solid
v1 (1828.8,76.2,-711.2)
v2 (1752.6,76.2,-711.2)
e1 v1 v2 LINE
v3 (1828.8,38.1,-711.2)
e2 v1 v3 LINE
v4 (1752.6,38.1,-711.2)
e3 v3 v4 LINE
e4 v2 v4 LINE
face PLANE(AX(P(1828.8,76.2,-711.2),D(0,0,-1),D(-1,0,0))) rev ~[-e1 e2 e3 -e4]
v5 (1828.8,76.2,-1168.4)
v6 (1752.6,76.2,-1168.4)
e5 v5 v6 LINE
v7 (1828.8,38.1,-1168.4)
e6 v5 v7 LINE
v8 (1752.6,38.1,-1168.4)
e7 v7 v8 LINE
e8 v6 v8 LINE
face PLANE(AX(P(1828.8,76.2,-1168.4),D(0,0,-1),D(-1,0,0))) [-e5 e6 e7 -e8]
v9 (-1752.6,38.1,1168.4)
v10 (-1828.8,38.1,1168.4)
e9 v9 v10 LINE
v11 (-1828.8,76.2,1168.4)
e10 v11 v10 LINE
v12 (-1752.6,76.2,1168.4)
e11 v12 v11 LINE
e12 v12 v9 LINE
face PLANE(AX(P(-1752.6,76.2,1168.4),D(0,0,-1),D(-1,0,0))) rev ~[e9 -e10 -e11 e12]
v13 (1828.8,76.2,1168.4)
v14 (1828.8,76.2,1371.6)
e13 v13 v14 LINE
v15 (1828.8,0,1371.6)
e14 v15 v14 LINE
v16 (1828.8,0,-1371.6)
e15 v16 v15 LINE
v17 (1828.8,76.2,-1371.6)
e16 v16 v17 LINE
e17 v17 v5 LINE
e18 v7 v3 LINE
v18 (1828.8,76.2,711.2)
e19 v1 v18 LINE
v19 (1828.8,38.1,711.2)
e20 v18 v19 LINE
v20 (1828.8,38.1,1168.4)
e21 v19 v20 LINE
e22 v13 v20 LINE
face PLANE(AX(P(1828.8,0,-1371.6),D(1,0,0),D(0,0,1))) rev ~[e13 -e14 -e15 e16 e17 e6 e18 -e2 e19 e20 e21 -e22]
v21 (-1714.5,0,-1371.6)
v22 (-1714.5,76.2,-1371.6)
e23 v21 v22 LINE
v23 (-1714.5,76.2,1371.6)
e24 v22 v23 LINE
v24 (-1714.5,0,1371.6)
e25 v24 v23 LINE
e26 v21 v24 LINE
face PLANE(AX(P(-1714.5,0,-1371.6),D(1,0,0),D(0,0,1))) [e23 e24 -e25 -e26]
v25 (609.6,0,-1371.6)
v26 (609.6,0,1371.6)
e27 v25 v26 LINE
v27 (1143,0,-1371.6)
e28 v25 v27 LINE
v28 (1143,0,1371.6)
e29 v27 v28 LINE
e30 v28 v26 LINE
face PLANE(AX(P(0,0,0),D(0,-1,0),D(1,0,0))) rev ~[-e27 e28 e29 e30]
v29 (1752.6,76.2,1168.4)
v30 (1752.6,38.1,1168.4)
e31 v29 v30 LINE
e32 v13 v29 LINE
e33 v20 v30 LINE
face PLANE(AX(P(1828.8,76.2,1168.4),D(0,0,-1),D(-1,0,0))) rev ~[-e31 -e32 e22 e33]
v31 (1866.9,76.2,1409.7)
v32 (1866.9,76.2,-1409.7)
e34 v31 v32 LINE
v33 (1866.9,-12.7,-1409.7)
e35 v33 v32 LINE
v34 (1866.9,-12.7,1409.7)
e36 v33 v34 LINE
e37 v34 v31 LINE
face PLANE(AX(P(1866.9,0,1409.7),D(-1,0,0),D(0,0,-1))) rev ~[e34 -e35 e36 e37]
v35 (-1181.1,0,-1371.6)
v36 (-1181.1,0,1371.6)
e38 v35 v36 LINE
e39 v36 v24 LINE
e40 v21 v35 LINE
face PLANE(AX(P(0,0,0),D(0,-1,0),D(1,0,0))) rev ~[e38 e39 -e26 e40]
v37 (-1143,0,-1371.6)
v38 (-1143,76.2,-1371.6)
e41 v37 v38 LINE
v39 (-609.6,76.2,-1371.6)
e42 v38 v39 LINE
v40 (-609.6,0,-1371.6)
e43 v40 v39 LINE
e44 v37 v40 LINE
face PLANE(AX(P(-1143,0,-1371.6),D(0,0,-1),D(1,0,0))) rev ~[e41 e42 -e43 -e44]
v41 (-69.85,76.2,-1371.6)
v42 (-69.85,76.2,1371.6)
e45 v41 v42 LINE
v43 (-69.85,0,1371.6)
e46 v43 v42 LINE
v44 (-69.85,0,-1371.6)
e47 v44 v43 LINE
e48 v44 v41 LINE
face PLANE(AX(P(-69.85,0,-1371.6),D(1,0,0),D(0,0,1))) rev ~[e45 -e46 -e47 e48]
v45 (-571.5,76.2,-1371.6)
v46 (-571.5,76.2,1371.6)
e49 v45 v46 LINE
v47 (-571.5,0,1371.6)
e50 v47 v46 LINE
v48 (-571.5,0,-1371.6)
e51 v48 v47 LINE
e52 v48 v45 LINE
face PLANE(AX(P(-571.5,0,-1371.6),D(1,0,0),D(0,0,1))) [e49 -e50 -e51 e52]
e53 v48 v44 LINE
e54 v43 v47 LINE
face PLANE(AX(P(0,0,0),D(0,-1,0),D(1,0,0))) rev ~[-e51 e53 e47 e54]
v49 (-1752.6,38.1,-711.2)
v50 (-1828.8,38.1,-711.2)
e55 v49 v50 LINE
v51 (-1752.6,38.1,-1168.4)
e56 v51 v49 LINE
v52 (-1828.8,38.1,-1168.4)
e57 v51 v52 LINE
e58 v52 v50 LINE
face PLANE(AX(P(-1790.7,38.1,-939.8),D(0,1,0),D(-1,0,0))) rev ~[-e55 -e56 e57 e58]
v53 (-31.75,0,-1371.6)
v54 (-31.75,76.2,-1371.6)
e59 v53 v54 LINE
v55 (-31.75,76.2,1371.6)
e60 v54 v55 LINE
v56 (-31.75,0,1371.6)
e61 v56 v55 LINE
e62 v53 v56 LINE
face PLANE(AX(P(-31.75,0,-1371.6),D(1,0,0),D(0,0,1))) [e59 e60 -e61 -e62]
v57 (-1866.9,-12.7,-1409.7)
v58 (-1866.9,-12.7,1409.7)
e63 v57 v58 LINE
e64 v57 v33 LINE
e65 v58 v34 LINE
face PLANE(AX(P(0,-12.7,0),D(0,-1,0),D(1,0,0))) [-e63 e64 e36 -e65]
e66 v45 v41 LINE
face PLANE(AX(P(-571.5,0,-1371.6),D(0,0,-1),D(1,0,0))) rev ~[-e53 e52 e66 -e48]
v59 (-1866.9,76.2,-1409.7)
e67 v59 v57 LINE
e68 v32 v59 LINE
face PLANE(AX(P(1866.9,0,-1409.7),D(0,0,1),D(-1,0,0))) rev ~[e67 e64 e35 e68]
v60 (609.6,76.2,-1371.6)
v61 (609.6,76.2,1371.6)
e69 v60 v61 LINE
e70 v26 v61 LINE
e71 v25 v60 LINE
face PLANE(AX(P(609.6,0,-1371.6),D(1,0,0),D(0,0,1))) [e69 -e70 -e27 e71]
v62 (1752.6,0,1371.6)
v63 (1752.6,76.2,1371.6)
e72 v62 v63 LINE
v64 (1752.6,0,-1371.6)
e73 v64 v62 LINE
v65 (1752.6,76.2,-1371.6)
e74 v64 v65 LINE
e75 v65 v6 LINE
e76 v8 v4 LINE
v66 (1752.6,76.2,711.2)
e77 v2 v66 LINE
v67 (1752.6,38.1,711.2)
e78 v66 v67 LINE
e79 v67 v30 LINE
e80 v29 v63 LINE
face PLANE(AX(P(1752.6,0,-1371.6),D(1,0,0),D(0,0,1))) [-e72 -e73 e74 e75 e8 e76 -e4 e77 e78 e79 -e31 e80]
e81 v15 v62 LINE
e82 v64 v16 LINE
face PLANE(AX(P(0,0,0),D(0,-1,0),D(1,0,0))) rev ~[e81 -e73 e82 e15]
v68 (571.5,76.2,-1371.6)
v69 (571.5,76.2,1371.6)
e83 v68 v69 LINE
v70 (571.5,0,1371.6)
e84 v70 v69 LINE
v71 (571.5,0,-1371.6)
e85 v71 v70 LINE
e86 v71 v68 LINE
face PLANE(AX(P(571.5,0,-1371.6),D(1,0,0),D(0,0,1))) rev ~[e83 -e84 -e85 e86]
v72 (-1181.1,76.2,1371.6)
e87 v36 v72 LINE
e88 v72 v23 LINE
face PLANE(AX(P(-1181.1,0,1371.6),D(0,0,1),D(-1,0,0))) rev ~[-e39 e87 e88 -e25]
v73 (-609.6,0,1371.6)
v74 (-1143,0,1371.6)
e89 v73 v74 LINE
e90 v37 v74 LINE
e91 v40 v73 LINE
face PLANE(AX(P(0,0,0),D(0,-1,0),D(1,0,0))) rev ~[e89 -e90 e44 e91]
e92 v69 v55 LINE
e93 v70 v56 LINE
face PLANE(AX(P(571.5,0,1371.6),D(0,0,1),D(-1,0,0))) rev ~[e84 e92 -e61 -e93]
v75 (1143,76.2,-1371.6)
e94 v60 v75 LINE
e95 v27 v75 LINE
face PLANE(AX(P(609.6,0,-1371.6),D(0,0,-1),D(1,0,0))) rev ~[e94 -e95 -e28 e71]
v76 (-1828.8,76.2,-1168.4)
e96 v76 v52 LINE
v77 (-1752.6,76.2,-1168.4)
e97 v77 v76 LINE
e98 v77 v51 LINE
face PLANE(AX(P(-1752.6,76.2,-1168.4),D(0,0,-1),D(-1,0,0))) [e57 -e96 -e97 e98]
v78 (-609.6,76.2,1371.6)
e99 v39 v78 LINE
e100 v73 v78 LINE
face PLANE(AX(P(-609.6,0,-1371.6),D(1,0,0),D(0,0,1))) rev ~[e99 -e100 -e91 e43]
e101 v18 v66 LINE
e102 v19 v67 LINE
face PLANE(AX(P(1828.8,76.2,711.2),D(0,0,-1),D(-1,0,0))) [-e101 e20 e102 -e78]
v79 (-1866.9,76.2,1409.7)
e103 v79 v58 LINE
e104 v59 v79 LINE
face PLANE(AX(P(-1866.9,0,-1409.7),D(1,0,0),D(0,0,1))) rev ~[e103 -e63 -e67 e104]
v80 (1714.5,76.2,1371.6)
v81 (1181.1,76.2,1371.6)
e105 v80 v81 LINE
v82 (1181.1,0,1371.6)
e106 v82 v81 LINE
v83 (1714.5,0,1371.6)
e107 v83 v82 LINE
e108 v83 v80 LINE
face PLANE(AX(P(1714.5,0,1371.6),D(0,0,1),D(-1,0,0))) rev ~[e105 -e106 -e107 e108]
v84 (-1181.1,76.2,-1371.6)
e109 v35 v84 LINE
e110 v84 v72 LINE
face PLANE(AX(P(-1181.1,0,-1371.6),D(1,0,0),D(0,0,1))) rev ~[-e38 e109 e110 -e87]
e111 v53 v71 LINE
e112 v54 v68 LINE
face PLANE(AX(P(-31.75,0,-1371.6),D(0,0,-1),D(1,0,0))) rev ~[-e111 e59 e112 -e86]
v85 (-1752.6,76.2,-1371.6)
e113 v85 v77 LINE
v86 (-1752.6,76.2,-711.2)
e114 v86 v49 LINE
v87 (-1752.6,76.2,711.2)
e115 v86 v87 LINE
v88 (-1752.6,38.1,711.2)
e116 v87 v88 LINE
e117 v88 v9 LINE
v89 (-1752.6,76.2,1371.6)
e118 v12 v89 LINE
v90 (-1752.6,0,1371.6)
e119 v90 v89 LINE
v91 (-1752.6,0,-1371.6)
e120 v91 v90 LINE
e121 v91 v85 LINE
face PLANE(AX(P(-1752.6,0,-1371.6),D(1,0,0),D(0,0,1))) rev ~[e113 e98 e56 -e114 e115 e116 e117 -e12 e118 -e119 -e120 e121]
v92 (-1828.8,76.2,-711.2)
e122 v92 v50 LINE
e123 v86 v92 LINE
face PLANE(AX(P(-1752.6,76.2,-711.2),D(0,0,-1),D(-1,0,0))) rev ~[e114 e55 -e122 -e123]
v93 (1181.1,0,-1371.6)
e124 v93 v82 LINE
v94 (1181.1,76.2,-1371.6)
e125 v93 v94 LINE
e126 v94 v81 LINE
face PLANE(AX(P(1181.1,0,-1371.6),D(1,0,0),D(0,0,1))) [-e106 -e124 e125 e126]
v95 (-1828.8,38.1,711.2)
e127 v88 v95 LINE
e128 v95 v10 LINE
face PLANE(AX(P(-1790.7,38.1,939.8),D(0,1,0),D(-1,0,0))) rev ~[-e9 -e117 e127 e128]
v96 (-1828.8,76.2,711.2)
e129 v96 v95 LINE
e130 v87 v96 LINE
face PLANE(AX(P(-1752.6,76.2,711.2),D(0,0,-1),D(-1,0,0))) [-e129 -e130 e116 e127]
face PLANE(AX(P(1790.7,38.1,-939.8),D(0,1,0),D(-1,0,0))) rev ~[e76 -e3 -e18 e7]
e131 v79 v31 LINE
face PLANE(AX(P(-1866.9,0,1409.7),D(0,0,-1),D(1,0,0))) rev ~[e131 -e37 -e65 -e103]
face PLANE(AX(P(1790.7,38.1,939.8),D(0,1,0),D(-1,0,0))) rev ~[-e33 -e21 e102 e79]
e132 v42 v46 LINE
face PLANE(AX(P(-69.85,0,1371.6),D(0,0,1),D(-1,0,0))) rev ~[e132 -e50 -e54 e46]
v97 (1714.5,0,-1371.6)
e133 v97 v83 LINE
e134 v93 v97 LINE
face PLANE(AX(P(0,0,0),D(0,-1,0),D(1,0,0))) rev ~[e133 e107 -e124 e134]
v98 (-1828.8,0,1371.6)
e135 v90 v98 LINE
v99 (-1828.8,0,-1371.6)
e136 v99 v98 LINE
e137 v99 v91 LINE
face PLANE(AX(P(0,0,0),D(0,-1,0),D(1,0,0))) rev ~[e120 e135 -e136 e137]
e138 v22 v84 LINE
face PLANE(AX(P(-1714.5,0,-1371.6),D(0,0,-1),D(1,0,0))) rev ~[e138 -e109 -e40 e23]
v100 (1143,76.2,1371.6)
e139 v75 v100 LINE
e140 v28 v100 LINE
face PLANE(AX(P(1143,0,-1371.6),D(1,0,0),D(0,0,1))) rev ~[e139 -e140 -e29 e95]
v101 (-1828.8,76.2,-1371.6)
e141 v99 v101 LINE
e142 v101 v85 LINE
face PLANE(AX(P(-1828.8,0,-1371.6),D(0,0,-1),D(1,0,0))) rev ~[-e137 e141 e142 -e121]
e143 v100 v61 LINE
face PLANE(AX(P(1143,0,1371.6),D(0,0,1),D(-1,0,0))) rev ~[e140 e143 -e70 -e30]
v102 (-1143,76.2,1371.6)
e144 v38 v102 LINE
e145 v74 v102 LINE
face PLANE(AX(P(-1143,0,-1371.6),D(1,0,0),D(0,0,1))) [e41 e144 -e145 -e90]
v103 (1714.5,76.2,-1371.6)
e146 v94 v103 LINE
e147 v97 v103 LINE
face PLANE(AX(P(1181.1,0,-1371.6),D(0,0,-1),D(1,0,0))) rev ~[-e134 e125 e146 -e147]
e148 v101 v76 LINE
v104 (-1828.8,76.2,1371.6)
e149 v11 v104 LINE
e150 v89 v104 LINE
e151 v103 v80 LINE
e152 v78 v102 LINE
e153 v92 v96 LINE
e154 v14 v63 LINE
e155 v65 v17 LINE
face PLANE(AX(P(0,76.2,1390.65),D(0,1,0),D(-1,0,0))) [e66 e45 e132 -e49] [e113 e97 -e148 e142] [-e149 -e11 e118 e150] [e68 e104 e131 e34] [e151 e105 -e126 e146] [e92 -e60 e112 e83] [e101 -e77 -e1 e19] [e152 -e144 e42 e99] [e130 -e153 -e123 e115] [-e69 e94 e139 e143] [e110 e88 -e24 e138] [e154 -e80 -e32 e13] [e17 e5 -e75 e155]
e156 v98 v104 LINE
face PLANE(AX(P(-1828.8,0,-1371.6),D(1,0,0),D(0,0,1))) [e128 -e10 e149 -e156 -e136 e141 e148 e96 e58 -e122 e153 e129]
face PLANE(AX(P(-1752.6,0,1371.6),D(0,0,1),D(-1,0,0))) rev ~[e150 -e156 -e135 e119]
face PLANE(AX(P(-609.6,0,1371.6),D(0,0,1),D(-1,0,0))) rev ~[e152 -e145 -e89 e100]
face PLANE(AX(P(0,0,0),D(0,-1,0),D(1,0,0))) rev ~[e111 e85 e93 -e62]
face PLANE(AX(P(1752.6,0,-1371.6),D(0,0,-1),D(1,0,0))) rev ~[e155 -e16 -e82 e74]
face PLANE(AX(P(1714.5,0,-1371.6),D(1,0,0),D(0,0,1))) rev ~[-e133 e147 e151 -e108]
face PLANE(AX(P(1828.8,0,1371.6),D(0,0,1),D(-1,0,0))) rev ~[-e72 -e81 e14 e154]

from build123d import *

# Parameters (mm, degrees)
F0_W     = 3733.8
F0_H     = 2819.4
F1_DEPTH = 12.7
F2_W     = 38.1
F2_H     = 2743.2
F3_DEPTH = 76.2
F4_W     = 76.2
F4_H     = 457.2
F5_DEPTH = 38.1


with BuildPart() as f1:
    # F0 (on Front) → F1 (new body)
    with BuildSketch(Plane.XZ):
        Rectangle(F0_W, F0_H)
    extrude(amount=F1_DEPTH)

    # F2 (on face) → F3 (join)
    with BuildSketch(Plane(origin=(0, 0, 0), x_dir=(-1, 0, 0), z_dir=(0, 1, 0))):
        Polygon((1866.9, 1409.7), (-1866.9, 1409.7), (-1866.9, 1371.6), (-1828.8, 1371.6), (-1752.6, 1371.6), (-1714.5, 1371.6), (-1181.1, 1371.6), (-1143, 1371.6), (-609.6, 1371.6), (-571.5, 1371.6), (31.75, 1371.6), (69.85, 1371.6), (571.5, 1371.6), (609.6, 1371.6), (1143, 1371.6), (1181.1, 1371.6), (1714.5, 1371.6), (1752.6, 1371.6), (1828.8, 1371.6), (1866.9, 1371.6), align=None)
        with Locations((-1847.85, 0)):
            Rectangle(F2_W, F2_H)
        with Locations((1847.85, 0)):
            Rectangle(F2_W, F2_H)
        Polygon((-1828.8, -1371.6), (-1866.9, -1371.6), (-1866.9, -1409.7), (1866.9, -1409.7), (1866.9, -1371.6), (1828.8, -1371.6), (1752.6, -1371.6), (1714.5, -1371.6), (1181.1, -1371.6), (1143, -1371.6), (609.6, -1371.6), (571.5, -1371.6), (69.85, -1371.6), (31.75, -1371.6), (-571.5, -1371.6), (-609.6, -1371.6), (-1143, -1371.6), (-1181.1, -1371.6), (-1714.5, -1371.6), (-1752.6, -1371.6), align=None)
        with Locations((-1733.55, 0)):
            Rectangle(F2_W, F2_H)
        with Locations((-1162.05, 0)):
            Rectangle(F2_W, F2_H)
        with Locations((-590.55, 0)):
            Rectangle(F2_W, F2_H)
        with Locations((50.8, 0)):
            Rectangle(F2_W, F2_H)
        with Locations((590.55, 0)):
            Rectangle(F2_W, F2_H)
        with Locations((1162.05, 0)):
            Rectangle(F2_W, F2_H)
        with Locations((1733.55, 0)):
            Rectangle(F2_W, F2_H)
    extrude(amount=F3_DEPTH)

    # F4 (on face) → F5 (join)
    with BuildSketch(Plane(origin=(0, 76.2, 0), x_dir=(-1, 0, 0), z_dir=(0, 1, 0))):
        with Locations((-1790.7, 939.8)):
            Rectangle(F4_W, F4_H)
        with Locations((-1790.7, -939.8)):
            Rectangle(F4_W, F4_H)
        with Locations((1790.7, 939.8)):
            Rectangle(F4_W, F4_H)
        with Locations((1790.7, -939.8)):
            Rectangle(F4_W, F4_H)
    extrude(amount=-F5_DEPTH)


solid = f1.part
